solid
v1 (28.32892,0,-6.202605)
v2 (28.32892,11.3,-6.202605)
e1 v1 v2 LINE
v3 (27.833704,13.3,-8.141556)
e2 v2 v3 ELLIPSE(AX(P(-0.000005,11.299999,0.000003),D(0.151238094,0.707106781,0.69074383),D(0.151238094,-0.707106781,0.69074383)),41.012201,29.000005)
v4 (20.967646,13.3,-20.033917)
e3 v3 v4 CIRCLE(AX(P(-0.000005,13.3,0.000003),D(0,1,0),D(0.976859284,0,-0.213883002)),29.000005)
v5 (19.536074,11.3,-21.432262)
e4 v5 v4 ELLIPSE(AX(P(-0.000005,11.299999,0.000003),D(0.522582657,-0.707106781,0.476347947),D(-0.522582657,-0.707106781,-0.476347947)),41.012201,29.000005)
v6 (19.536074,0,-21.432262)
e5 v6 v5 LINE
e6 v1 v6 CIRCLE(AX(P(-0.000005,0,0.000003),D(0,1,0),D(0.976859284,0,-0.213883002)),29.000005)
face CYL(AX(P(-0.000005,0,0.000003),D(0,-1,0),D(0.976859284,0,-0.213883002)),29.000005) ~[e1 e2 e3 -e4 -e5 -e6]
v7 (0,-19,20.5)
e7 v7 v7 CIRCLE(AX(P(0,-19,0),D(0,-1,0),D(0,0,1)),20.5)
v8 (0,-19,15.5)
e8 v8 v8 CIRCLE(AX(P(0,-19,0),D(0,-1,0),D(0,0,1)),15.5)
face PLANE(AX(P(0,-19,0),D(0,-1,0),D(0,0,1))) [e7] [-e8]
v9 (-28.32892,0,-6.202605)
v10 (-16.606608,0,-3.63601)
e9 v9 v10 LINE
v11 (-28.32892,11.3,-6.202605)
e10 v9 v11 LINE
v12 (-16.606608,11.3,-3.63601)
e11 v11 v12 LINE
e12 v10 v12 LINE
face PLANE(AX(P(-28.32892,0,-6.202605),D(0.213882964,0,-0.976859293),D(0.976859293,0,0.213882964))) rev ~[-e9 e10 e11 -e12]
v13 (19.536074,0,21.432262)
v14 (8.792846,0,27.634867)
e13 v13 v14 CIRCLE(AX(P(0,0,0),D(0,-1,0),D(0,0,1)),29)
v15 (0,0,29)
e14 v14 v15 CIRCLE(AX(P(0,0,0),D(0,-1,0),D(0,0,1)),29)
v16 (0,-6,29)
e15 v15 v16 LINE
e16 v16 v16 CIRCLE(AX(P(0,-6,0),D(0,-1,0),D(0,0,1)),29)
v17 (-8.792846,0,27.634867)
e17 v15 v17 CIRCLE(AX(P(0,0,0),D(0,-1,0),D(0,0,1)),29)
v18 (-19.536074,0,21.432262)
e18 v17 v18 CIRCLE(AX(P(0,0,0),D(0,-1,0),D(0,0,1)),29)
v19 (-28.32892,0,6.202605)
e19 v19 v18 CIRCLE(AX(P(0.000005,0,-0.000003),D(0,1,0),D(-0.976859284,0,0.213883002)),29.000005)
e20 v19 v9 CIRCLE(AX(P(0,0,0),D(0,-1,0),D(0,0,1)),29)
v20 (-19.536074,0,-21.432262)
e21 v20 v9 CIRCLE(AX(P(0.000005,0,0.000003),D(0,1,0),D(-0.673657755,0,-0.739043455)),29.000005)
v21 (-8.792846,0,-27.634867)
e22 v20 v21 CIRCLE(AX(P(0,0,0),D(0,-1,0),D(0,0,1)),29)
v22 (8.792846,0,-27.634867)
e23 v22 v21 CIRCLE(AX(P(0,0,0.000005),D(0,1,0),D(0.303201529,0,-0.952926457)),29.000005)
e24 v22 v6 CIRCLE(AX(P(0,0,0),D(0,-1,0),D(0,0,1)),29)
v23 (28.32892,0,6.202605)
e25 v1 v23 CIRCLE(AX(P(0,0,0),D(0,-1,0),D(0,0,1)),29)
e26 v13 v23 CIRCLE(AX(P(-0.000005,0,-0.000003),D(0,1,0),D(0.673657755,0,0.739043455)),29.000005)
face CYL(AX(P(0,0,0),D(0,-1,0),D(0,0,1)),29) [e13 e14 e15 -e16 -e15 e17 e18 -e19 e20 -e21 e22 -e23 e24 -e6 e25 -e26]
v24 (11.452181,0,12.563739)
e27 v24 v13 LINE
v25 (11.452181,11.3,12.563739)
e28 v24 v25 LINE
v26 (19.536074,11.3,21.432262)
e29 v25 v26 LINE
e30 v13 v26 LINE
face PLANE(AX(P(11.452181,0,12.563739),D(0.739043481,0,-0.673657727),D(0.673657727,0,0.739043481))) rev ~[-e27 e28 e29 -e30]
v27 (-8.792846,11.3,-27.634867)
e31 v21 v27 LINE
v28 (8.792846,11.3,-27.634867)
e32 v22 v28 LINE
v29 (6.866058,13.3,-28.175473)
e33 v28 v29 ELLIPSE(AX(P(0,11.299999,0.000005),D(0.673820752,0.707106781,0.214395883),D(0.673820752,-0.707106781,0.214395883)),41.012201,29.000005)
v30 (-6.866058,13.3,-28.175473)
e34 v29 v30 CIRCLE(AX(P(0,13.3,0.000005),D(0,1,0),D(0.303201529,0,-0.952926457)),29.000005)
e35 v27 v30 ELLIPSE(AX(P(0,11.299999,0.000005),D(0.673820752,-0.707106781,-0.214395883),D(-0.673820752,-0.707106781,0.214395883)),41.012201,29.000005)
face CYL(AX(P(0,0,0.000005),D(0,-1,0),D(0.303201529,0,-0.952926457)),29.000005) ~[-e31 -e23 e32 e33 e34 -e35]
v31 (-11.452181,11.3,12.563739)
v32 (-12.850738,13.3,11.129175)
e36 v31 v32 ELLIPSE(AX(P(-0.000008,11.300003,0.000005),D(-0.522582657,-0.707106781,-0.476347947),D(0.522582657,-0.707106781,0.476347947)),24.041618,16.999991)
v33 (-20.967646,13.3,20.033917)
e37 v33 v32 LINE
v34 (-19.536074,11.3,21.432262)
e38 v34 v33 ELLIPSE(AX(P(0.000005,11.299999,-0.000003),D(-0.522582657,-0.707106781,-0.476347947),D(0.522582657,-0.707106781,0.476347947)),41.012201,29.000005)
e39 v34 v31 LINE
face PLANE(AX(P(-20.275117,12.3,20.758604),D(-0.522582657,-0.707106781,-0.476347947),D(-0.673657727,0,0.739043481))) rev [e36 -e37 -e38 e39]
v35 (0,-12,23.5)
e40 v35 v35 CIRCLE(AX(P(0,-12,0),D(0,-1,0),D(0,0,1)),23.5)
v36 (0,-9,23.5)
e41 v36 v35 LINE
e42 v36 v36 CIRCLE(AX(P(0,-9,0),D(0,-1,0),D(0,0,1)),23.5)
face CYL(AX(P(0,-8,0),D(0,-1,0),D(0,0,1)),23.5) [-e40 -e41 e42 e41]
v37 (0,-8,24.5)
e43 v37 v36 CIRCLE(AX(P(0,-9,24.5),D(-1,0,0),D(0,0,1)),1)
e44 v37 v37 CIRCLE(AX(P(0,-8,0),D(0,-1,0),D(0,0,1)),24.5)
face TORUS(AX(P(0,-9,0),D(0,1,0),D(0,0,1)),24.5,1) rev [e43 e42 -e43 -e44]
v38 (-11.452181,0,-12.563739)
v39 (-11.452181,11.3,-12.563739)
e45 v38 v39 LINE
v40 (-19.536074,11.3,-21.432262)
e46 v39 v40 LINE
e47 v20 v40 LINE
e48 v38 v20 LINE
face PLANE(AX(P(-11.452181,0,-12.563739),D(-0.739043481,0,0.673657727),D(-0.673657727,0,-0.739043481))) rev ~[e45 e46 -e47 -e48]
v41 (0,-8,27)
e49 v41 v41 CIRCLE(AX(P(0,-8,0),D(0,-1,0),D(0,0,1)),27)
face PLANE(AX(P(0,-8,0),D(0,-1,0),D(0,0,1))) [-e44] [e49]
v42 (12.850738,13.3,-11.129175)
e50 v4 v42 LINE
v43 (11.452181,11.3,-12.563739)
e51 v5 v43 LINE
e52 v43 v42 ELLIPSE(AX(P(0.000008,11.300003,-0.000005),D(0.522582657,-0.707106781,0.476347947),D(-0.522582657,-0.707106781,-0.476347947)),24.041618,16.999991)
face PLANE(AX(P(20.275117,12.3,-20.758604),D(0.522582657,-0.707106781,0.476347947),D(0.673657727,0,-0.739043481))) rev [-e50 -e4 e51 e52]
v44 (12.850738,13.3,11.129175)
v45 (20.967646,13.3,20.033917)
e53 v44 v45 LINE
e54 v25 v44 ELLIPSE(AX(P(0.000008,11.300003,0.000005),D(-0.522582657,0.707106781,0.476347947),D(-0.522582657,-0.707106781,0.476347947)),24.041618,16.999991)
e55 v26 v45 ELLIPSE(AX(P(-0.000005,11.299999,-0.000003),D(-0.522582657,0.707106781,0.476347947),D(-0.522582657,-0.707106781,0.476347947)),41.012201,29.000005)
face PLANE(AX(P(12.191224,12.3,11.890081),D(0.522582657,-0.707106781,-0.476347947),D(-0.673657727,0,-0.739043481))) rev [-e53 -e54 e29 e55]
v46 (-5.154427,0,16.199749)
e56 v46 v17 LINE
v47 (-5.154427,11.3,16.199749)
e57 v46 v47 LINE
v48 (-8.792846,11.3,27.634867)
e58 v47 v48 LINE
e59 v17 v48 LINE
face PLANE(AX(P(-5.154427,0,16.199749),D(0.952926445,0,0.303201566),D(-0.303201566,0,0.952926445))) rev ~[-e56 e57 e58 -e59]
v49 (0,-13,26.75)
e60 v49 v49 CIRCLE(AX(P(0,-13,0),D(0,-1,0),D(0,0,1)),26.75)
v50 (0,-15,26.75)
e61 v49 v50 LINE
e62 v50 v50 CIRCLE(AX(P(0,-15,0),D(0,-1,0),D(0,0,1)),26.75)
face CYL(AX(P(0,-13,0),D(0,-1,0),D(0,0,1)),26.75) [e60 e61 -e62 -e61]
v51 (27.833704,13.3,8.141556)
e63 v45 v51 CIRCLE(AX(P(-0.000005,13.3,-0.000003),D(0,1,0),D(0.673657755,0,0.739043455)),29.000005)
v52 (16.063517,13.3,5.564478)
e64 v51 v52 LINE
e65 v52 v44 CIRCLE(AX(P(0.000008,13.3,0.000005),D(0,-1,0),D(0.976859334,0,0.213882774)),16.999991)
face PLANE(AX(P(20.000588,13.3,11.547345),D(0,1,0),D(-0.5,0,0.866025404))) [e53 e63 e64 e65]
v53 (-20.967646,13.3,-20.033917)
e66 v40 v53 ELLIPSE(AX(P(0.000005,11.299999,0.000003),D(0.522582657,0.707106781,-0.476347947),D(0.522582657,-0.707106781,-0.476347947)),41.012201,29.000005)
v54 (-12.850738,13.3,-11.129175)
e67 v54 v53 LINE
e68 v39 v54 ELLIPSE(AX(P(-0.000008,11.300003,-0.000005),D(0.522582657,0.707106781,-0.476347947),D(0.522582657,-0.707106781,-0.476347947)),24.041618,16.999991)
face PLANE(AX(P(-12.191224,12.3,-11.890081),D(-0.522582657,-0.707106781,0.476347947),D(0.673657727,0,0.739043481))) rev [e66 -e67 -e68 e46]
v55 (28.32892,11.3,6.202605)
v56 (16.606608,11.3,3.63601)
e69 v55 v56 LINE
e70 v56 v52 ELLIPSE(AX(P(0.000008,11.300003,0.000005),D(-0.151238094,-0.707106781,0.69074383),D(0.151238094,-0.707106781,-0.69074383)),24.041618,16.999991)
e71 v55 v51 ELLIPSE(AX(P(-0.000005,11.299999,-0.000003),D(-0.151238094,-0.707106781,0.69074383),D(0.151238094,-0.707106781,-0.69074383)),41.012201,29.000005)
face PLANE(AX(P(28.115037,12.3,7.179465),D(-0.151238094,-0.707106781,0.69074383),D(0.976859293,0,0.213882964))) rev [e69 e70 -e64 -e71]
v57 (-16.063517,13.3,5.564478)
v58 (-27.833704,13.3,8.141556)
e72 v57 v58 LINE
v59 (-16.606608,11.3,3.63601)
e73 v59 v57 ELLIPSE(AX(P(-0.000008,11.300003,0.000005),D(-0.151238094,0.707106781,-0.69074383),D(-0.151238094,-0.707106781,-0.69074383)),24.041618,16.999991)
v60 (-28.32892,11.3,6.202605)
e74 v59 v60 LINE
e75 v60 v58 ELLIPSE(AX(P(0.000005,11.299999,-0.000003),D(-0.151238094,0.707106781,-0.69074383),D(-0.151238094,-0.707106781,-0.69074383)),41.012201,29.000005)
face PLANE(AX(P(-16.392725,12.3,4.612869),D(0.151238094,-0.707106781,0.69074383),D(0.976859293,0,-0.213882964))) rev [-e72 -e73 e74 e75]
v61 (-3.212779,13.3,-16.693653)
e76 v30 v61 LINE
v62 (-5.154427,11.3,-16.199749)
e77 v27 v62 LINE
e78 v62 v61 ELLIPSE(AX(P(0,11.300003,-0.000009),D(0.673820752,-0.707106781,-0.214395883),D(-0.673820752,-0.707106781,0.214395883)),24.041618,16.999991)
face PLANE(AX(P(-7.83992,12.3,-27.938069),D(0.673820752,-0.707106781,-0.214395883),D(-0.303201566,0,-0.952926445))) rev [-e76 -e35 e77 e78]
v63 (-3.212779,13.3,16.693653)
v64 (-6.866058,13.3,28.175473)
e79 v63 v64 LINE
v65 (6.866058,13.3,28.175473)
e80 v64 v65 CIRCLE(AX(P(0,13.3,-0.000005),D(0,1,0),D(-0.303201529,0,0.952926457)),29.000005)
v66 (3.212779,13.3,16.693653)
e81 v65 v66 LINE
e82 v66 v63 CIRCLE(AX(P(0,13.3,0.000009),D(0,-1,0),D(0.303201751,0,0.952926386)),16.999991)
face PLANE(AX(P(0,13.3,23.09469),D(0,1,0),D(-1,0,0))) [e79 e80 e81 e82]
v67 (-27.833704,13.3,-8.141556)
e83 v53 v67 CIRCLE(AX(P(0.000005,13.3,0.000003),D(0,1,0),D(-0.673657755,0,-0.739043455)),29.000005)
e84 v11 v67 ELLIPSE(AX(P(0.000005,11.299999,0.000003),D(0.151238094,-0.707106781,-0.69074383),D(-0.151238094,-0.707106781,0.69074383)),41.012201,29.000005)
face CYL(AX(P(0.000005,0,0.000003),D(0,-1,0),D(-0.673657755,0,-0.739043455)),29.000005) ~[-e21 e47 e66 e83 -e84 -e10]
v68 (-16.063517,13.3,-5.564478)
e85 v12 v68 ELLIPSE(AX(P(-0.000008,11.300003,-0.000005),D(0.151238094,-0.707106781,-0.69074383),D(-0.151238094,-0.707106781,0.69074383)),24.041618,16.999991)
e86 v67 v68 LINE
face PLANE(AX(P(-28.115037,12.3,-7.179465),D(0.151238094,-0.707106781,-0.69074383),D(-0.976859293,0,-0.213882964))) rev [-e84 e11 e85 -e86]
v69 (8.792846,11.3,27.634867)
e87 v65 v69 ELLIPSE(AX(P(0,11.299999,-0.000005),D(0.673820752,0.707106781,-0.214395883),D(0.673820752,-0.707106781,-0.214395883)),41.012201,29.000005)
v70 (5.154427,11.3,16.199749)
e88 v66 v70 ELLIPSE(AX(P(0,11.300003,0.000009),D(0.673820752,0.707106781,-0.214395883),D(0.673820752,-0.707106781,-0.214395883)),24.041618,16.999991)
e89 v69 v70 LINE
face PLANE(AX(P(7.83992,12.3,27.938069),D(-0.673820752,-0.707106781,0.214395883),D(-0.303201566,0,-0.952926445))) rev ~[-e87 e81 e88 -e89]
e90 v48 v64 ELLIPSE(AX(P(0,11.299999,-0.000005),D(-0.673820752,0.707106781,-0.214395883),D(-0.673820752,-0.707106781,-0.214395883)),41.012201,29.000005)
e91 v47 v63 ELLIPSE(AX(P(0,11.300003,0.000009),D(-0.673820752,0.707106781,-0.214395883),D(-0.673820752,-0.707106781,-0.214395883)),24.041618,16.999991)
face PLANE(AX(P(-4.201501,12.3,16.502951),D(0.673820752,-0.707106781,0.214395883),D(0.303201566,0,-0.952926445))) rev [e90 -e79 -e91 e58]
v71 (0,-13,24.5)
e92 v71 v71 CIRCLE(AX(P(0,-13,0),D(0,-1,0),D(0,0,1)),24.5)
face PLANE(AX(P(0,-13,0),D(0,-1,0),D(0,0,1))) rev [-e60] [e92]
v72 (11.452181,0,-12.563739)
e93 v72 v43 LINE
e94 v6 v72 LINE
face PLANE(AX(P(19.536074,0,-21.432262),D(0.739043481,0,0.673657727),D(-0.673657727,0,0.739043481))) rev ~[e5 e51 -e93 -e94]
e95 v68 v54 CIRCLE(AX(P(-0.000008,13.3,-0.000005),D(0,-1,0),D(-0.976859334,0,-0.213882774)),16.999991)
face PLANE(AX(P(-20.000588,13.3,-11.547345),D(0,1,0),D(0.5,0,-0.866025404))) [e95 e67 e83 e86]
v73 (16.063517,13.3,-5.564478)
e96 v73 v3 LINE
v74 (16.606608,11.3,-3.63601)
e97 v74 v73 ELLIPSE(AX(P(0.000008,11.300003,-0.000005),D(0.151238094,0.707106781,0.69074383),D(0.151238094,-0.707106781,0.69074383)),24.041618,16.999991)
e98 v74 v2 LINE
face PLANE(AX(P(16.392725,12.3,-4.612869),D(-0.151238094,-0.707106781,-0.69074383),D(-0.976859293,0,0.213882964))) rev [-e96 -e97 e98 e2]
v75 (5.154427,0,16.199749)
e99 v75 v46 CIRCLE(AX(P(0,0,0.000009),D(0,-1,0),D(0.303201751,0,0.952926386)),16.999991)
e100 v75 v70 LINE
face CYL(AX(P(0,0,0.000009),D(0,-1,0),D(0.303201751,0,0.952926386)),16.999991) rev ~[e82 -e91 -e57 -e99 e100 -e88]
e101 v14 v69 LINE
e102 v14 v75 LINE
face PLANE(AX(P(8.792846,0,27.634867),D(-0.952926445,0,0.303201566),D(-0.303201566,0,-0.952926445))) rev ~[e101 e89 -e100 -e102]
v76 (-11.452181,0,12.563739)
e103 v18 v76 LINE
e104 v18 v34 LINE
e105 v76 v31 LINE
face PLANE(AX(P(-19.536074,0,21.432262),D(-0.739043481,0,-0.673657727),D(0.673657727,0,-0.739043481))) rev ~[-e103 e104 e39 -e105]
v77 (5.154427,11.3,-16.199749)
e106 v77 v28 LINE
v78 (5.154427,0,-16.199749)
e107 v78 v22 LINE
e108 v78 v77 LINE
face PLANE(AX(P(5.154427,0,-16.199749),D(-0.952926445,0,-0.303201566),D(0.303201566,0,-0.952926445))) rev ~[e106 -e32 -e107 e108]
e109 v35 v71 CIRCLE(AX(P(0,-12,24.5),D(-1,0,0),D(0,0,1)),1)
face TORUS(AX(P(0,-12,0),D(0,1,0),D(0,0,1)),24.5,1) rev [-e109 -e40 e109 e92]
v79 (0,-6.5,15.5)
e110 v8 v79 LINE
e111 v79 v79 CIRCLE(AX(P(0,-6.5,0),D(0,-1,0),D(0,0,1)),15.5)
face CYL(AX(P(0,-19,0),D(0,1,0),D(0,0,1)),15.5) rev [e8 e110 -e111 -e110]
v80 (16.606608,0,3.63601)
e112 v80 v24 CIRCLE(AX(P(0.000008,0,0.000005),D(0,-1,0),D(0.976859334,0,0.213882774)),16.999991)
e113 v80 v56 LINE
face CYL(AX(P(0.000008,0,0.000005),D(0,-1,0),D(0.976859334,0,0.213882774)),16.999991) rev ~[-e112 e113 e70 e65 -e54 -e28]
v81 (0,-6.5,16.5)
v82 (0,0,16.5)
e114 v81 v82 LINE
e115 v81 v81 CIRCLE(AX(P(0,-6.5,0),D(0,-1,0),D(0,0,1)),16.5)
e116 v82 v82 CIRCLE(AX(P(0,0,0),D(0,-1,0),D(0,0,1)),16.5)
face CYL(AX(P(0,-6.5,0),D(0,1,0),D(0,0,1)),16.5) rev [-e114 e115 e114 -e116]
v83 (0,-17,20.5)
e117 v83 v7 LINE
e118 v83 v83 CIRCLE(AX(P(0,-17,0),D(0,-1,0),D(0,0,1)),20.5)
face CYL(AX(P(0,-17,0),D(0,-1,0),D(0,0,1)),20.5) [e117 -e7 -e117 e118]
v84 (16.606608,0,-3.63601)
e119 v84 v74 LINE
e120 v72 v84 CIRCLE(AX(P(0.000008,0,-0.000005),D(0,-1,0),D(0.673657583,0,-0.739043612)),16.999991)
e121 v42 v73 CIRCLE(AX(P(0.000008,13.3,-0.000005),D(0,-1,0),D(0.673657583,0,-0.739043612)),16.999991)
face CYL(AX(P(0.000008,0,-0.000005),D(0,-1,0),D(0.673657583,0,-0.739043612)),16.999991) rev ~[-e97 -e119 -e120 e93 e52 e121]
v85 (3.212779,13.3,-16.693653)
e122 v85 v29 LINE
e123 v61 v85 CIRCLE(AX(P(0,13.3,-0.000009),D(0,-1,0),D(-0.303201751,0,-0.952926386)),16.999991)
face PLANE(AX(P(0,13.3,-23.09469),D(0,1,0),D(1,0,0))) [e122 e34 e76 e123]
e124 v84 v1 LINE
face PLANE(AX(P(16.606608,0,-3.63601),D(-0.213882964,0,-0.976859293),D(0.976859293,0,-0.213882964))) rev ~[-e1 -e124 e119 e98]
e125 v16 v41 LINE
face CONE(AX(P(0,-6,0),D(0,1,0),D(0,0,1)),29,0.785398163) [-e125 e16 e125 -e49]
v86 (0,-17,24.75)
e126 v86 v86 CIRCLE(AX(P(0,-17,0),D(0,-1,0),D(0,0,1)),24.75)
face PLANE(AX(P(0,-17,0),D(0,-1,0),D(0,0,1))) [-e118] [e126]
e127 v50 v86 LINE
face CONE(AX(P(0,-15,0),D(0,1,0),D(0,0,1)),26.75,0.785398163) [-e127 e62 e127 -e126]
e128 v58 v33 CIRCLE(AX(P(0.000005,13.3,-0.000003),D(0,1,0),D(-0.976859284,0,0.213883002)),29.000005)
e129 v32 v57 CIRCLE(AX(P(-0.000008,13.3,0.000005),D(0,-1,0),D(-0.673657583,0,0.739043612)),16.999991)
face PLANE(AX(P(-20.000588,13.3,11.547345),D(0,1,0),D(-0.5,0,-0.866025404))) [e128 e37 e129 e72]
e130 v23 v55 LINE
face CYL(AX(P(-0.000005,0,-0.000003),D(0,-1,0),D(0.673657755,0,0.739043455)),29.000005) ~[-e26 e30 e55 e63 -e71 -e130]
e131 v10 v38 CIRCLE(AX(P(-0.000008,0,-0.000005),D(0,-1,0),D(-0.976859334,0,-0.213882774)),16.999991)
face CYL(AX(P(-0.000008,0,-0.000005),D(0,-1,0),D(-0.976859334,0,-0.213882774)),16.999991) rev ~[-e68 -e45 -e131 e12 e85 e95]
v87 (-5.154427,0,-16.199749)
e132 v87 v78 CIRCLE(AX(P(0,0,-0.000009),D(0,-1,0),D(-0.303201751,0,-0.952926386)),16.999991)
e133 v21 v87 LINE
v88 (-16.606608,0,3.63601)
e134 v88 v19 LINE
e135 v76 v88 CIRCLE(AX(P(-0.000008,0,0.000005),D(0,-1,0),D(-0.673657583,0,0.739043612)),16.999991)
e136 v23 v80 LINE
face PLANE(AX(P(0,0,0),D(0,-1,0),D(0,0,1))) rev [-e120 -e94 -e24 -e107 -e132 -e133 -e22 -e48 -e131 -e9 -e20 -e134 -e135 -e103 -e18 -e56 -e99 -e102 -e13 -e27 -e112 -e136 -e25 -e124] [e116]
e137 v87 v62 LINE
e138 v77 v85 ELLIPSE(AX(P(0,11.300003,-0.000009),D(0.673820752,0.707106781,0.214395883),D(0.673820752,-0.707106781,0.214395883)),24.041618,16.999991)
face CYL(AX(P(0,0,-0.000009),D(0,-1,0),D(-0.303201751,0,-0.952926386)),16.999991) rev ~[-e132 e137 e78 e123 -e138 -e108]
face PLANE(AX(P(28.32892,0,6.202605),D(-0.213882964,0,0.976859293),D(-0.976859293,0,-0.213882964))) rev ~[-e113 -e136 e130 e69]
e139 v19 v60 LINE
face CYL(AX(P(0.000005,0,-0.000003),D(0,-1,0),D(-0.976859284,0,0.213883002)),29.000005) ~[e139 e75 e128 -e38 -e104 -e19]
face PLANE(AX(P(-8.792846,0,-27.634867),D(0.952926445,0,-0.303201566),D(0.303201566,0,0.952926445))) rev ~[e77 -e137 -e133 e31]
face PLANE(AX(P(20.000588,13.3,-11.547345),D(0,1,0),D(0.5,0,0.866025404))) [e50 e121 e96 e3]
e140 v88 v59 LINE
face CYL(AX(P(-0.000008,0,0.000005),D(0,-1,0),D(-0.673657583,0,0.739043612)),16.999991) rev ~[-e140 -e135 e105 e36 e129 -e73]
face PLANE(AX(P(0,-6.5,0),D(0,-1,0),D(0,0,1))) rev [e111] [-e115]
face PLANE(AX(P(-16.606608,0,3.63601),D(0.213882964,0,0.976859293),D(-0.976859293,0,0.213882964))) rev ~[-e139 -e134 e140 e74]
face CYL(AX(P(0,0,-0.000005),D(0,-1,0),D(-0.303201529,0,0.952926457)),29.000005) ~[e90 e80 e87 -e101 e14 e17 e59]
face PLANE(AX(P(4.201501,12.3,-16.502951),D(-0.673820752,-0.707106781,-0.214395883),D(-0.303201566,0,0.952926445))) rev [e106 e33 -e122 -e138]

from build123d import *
from build123d.topology import SkipClean

# Parameters (mm, degrees)
BOSS_EXTRUDE1_DEPTH          = 13.3
CHAMFER1_SIZE                = 2
CIRPATTERN1_COUNT            = 6
CHAMFER1_OF_CIRPATTERN1_SIZE = 2
CHAMFER2_SIZE                = 2
FILLET1_R                    = 1


with BuildPart() as part:
    # Sketch1 → Revolve1 (revolve)
    with BuildSketch(Plane.XY, mode=Mode.PRIVATE) as revolve1_sk:
        Polygon((-16.5, 0), (-29, 0), (-29, -8), (-23.5, -8), (-23.5, -13), (-26.75, -13), (-26.75, -17), (-20.5, -17), (-20.5, -19), (-15.5, -19), (-15.5, -6.5), (-16.5, -6.5), align=None)
    revolve(revolve1_sk.sketch.rotate(Axis((0, 0, 0), (0, -1, 0)), 270), axis=Axis((0, 0, 0), (0, -1, 0)))

    # Sketch2 → Boss-Extrude1 (add)
    with SkipClean():  # the faces are left unmerged after this step: merging them gives an invalid solid
        with BuildSketch(Plane(origin=(0, 0, 0), x_dir=(1, 0, 0), z_dir=(0, 1, 0))):
            with BuildLine():
                Line((5.154427, 16.199749), (8.792846, 27.634867))
                ThreePointArc((8.792846, 27.634867), (0, 29), (-8.792846, 27.634867))
                Line((-8.792846, 27.634867), (-5.154427, 16.199749))
                ThreePointArc((-5.154427, 16.199749), (0, 17), (5.154427, 16.199749))
            make_face()
        boss_extrude1 = extrude(amount=BOSS_EXTRUDE1_DEPTH)

    # Chamfer1
    chamfer1_edges = [part.edges().sort_by_distance(p)[0] for p in [
        (6.973637, 13.3, -21.917308),
        (-6.973637, 13.3, -21.917308),
    ]]
    chamfer(chamfer1_edges, length=CHAMFER1_SIZE)

    # CirPattern1: Boss-Extrude1 ×6 about axis
    with SkipClean():  # the faces are left unmerged after this step: merging them gives an invalid solid
        cirpattern1_axis = Axis((0, 0, 0), (0, 1, 0))
        for i in range(1, CIRPATTERN1_COUNT):
            add(boss_extrude1.rotate(cirpattern1_axis, i * 360 / CIRPATTERN1_COUNT))

    # Chamfer1 of CirPattern1
    chamfer1_of_cirpattern1_edges = [part.edges().sort_by_distance(p)[0] for p in [
        (-15.494127, 13.3, -16.998),
        (-22.467764, 13.3, -4.919308),
        (-22.467764, 13.3, 4.919308),
        (-15.494127, 13.3, 16.998),
        (-6.973637, 13.3, 21.917308),
        (6.973637, 13.3, 21.917308),
        (15.494127, 13.3, 16.998),
        (22.467764, 13.3, 4.919308),
        (22.467764, 13.3, -4.919308),
        (15.494127, 13.3, -16.998),
    ]]
    chamfer(chamfer1_of_cirpattern1_edges, length=CHAMFER1_OF_CIRPATTERN1_SIZE)

    # Chamfer2
    chamfer2_edges = [part.edges().sort_by_distance(p)[0] for p in [
        (0, -17, -26.75),
        (0, -8, -29),
    ]]
    chamfer(chamfer2_edges, length=CHAMFER2_SIZE)

    # Fillet1
    fillet1_edges = [part.edges().sort_by_distance(p)[0] for p in [
        (0, -13, -23.5),
        (0, -8, -23.5),
    ]]
    fillet(fillet1_edges, radius=FILLET1_R)


solid = part.part
